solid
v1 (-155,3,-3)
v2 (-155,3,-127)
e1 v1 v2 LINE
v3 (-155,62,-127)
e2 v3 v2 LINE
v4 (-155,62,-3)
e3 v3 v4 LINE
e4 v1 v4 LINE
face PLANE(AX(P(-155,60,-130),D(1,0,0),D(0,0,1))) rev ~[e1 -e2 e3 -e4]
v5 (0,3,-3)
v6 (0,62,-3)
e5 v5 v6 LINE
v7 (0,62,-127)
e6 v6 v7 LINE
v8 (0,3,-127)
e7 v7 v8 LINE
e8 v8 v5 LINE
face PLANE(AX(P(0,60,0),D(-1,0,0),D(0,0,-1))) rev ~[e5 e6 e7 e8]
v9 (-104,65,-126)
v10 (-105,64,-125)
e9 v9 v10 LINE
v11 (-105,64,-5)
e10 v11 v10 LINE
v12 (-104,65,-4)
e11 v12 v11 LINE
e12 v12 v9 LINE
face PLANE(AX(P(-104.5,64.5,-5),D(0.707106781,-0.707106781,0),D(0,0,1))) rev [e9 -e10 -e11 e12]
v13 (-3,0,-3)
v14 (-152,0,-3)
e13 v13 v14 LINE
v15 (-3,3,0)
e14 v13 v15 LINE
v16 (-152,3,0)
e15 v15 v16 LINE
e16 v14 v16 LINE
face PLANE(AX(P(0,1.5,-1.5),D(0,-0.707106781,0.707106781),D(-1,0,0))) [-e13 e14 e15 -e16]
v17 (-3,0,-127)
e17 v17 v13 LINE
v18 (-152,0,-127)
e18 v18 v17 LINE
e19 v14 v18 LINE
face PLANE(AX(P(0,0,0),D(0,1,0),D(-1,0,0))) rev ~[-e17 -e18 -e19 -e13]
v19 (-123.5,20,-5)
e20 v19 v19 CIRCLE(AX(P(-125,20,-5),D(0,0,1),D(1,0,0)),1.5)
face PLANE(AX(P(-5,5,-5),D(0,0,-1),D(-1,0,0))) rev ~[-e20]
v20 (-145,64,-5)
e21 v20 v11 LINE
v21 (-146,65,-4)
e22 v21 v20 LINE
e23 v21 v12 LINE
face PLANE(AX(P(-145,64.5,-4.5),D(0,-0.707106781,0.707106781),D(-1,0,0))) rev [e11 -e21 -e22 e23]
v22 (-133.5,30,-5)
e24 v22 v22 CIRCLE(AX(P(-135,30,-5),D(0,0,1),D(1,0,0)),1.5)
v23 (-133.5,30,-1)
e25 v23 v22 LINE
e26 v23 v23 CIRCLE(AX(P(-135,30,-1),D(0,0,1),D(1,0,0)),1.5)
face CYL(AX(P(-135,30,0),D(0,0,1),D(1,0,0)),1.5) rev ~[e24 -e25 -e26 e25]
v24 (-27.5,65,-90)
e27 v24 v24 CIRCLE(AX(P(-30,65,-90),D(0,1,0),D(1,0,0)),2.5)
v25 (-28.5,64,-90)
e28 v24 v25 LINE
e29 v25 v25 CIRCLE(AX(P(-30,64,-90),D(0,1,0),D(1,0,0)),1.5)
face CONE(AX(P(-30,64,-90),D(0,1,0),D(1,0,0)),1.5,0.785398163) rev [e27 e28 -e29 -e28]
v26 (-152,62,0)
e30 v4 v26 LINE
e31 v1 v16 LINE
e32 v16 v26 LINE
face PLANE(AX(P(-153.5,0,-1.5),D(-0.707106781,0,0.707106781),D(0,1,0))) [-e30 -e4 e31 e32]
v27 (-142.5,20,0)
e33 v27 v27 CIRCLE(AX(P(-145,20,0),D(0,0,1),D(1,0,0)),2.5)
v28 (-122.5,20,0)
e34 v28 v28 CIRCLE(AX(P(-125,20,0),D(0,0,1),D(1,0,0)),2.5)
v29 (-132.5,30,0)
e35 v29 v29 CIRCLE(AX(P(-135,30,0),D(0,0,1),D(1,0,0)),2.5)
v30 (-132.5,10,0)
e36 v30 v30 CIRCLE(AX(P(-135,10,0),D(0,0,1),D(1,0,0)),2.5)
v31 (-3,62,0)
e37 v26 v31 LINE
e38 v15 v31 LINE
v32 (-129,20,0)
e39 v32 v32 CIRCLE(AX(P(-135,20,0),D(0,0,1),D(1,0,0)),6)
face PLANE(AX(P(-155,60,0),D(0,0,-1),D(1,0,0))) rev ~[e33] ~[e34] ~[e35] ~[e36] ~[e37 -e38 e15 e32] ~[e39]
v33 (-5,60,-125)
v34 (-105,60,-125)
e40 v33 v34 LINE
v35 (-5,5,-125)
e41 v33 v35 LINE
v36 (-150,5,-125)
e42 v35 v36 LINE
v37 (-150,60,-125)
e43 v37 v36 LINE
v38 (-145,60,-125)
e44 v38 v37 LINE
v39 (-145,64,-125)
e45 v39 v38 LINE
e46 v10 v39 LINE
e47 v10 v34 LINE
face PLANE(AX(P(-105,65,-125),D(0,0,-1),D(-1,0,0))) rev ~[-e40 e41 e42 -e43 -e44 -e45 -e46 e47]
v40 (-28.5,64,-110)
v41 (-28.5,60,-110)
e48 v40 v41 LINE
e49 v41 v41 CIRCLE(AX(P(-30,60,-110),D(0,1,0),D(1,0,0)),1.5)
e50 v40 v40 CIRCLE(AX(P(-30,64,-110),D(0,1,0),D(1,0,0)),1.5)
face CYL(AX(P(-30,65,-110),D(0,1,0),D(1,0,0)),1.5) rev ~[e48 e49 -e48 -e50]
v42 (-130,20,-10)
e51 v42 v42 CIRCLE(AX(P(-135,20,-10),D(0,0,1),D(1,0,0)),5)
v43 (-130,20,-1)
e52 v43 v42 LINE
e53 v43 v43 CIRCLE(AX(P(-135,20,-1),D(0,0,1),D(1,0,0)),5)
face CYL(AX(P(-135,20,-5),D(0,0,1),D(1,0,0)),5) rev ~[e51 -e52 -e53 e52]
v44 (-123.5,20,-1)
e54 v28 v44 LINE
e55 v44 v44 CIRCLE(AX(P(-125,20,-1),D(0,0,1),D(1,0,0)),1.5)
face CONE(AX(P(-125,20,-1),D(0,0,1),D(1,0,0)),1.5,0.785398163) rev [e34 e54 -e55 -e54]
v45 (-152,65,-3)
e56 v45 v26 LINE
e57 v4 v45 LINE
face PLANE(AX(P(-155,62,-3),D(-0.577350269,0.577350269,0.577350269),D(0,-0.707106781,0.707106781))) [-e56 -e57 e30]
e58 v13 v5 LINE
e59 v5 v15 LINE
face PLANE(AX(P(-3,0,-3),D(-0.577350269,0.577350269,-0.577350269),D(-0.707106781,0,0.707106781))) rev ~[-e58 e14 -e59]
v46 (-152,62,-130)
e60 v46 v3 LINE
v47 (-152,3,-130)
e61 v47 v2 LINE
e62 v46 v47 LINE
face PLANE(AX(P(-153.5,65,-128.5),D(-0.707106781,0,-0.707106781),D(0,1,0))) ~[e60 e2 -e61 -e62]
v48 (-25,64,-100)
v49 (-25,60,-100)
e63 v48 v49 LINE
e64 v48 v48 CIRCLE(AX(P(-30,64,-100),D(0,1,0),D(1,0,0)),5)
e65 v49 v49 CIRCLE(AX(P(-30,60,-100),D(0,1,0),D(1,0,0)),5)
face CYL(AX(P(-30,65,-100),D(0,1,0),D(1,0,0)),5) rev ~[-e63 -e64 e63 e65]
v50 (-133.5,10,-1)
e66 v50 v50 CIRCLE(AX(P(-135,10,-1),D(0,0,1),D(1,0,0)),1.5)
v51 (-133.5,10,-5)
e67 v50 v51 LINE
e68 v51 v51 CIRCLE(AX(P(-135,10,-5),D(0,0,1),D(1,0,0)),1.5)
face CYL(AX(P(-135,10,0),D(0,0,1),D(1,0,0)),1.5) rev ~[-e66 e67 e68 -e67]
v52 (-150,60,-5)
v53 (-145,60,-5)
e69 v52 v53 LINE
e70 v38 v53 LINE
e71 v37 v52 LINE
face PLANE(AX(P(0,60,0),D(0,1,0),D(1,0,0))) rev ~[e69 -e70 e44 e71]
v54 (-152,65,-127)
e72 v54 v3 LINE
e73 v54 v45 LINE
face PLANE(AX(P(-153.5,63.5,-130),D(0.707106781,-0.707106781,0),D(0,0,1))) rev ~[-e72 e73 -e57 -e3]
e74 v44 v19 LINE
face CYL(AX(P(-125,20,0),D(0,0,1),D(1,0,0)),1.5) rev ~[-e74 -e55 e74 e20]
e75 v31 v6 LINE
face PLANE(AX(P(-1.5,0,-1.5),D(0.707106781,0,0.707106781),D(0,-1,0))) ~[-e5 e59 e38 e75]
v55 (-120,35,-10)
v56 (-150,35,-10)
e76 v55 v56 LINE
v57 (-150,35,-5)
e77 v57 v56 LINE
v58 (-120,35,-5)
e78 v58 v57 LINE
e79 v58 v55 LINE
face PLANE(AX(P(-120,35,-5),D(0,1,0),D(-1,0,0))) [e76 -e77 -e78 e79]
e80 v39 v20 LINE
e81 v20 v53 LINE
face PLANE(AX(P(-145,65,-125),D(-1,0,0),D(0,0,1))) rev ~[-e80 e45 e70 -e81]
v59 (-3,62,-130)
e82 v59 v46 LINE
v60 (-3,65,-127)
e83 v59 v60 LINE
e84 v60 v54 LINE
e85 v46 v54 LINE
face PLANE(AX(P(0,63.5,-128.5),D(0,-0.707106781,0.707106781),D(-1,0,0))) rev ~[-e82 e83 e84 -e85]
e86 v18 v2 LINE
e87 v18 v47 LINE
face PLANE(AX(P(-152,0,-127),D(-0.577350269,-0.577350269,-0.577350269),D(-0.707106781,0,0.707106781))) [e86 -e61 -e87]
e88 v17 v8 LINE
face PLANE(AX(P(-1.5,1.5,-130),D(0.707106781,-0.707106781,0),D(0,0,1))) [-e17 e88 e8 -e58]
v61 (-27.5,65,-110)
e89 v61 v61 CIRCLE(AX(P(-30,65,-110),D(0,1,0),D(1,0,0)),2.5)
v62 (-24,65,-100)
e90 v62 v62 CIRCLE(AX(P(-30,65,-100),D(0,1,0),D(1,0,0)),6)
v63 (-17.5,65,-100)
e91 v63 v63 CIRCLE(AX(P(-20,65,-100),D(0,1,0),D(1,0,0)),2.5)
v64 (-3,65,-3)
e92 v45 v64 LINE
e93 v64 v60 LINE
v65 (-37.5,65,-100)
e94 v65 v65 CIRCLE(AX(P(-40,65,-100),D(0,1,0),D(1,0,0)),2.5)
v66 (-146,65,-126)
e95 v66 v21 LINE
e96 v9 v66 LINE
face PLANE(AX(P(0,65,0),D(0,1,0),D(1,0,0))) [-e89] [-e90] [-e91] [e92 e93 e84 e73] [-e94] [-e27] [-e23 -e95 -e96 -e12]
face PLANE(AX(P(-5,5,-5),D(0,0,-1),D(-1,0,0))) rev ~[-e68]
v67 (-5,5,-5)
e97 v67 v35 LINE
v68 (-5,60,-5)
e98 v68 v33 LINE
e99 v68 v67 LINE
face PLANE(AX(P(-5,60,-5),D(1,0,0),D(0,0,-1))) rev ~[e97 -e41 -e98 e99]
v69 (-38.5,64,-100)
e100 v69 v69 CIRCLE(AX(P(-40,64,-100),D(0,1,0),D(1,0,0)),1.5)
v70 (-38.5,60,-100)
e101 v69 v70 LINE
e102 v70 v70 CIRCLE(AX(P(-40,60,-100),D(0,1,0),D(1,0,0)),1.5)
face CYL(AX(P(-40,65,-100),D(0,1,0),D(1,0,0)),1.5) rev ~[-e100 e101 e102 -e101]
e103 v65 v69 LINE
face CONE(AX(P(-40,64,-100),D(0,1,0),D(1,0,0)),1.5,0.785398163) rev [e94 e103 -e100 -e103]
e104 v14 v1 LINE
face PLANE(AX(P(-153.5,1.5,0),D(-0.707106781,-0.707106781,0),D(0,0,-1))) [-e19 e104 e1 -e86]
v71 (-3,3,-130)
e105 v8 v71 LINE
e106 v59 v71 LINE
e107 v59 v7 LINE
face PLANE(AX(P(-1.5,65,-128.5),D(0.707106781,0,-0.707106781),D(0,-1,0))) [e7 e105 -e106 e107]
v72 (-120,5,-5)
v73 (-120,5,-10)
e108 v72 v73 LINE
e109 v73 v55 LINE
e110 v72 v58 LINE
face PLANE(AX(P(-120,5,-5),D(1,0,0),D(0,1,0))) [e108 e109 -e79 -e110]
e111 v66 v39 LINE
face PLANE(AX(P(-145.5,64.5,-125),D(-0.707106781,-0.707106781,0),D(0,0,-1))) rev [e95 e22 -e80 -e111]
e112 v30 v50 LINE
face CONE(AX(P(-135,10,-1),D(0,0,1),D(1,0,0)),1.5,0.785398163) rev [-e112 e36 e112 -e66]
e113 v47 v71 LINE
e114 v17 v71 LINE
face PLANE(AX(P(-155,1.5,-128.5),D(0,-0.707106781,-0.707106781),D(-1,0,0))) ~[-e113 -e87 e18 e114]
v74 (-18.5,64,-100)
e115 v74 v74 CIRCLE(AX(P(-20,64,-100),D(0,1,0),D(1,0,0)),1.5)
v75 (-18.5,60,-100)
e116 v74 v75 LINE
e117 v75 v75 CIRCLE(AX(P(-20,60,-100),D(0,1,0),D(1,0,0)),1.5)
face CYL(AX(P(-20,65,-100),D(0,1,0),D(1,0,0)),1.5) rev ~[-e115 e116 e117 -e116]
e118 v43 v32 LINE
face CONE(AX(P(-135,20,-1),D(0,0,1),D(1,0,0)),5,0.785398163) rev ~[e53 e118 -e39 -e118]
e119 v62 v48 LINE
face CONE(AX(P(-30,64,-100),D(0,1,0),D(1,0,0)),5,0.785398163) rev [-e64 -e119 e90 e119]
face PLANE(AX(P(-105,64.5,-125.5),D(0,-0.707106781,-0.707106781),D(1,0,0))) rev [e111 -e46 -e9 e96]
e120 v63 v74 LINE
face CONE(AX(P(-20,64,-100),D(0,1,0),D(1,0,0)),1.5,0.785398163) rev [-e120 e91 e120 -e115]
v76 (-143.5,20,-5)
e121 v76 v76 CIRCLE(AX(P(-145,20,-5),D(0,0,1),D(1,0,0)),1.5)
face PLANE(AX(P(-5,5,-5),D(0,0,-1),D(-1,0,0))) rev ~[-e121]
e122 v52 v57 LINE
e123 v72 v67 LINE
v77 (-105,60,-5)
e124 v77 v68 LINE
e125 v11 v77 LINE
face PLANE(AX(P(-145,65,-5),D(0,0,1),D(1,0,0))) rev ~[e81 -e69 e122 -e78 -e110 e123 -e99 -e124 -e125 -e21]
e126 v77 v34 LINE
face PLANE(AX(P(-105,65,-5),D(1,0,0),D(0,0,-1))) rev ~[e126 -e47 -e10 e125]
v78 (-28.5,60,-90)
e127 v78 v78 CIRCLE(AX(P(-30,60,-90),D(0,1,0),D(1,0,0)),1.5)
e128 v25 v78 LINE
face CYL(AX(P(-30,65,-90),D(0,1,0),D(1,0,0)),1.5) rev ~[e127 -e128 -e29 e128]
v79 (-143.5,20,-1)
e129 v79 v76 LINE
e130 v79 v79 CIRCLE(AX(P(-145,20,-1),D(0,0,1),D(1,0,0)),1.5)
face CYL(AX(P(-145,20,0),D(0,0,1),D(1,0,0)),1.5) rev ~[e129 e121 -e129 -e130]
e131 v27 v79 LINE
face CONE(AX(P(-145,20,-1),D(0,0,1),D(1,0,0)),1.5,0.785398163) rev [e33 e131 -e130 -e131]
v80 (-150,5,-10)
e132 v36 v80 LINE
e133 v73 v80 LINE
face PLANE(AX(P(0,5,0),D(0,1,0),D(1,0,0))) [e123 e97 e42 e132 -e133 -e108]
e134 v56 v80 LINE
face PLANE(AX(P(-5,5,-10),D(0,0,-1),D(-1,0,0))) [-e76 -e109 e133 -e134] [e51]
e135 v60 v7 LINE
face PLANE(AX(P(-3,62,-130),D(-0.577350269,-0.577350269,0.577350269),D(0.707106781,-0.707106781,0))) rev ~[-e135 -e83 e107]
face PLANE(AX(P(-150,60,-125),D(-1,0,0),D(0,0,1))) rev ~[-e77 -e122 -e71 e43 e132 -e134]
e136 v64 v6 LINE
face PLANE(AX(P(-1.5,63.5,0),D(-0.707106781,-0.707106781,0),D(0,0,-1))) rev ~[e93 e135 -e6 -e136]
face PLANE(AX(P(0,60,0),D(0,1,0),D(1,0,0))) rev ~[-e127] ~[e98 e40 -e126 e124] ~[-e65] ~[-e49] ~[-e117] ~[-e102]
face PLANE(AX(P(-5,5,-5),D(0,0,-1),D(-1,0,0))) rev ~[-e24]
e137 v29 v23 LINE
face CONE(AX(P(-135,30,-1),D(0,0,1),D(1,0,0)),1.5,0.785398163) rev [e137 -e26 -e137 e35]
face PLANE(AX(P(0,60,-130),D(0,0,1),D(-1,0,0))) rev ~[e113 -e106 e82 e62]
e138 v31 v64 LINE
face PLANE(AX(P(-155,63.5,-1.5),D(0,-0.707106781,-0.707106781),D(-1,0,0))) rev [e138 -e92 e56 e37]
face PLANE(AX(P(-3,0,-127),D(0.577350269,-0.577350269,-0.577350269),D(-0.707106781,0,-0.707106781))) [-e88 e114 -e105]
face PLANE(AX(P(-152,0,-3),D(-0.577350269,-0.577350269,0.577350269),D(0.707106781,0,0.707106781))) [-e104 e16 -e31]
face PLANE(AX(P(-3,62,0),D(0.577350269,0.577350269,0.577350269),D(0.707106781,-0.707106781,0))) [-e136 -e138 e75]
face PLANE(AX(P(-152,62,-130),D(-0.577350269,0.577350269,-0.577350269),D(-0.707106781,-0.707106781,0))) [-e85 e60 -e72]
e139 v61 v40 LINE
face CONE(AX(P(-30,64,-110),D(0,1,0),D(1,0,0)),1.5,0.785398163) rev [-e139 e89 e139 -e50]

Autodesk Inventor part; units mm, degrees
ref_plane "YZ Plane" through (0, 0, 0) normal (1, 0, 0) x (0, 1, 0)
ref_plane "XZ Plane" through (0, 0, 0) normal (0, 1, 0) x (-1, 0, 0)
ref_plane "XY Plane" through (0, 0, 0) normal (0, 0, 1) x (1, 0, 0)
sketch "Sketch1" plane through (0, 0, 0) normal (0, 1, 0) x (-1, 0, 0)
  line L0 (0, 0) -> (155, 0)
  line L1 (155, 0) -> (155, -130)
  line L2 (155, -130) -> (0, -130)
  line L3 (0, -130) -> (0, 0)
  dimension "d0" = 130
  dimension "d1" = 155
extrude "Extrusion1" add sketch "Sketch1" along normal blind 60
sketch "Sketch2" plane through (0, 60, 0) normal (0, 1, 0) x (1, 0, 0)
  line L0 (-150, 5) -> (-5, 5)
  line L1 (-5, 5) -> (-5, 125)
  line L2 (-5, 125) -> (-150, 125)
  line L3 (-150, 125) -> (-150, 5)
  line L4 (-155, 0) -> (0, 0) projected
  line L5 (0, 130) -> (-155, 130) projected
  line L6 (-155, 130) -> (-155, 0) projected
  line L7 (0, 0) -> (0, 130) projected
  point P0 (-77.5, 130)
  dimension "d4" = 5
  dimension "d5" = 5
  dimension "d6" = 5
  dimension "d7" = 5
extrude "Extrusion2" cut sketch "Sketch2" against normal blind 55 contours L3 L2 L1 L0
sketch "Sketch3" plane through (0, 60, 0) normal (0, 1, 0) x (1, 0, 0)
  line L0 (-155, 0) -> (0, 0) projected
  line L1 (-155, 0) -> (0, 0)
  line L2 (0, 0) -> (0, 130)
  line L3 (0, 130) -> (-155, 130)
  line L4 (-155, 130) -> (-155, 0)
extrude "Extrusion3" add sketch "Sketch3" along normal blind 5
sketch "Sketch4" plane through (0, 65, 0) normal (0, 1, 0) x (1, 0, 0)
  circle A0 centre (-30, 100) radius 5
  line L0 (0, 130) -> (-155, 130) projected
  line L1 (0, 0) -> (0, 130) projected
  dimension "d12" = 10
  dimension "d13" = 30
  dimension "d14" = 30
extrude "Extrusion4" cut sketch "Sketch4" against normal blind 5
sketch "Sketch5" plane through (-155, 0, 0) normal (0, 0, 1) x (1, 0, 0)
  circle A0 centre (20, 20) radius 5
  line L0 (0, 0) -> (155, 0) projected
  line L1 (0, 0) -> (0, 65) projected
  dimension "d17" = 20
  dimension "d18" = 20
  dimension "d19" = 10
extrude "Extrusion5" cut sketch "Sketch5" against normal blind 20
sketch "Sketch6" plane through (0, 65, 0) normal (0, 1, 0) x (1, 0, 0)
  line L0 (-145, 5) -> (-105, 5)
  line L1 (-105, 5) -> (-105, 125)
  line L2 (-105, 125) -> (-145, 125)
  line L3 (-145, 125) -> (-145, 5)
  line L4 (-155, 130) -> (-155, 0) projected
  line L5 (0, 130) -> (-155, 130) projected
  line L6 (-155, 0) -> (0, 0) projected
  point P0 (-125, 5)
  dimension "d22" = 10
  dimension "d23" = 5
  dimension "d24" = 5
  dimension "d25" = 40
extrude "Extrusion6" cut sketch "Sketch6" against normal blind 5
sketch "Sketch7" plane through (-155, 0, 0) normal (0, 0, 1) x (1, 0, 0)
  circle A0 centre (20, 30) radius 1.5
  circle A1 centre (20, 20) radius 5 projected
  circle A2 centre (20, 20) radius 5
  circle A3 centre (10, 20) radius 1.5
  circle A4 centre (20, 10) radius 1.5
  circle A5 centre (30, 20) radius 1.5
  point P0 (155, 0)
  dimension "d28" = 3
  dimension "d31" = 360
  dimension "d35" = 10
extrude "Extrusion7" cut sketch "Sketch7" against normal blind 5 contours A0 | A3 | A4 | A5
sketch "Sketch8" plane through (0, 65, 0) normal (0, 1, 0) x (1, 0, 0)
  point P0 (0, 0)
sketch "Sketch9" plane through (0, 65, 0) normal (0, 1, 0) x (1, 0, 0)
  point P0 (0, 0)
sketch "Sketch10" plane through (0, 65, 0) normal (0, 1, 0) x (1, 0, 0)
  point P0 (0, 0)
chamfer "Chamfer1" distance 1 angle 45 4 edges at (-126.5, 20, 0) (-136.5, 30, 0) (-136.5, 10, 0) (-146.5, 20, 0)
chamfer "Chamfer3" distance 1 angle 45 4 edges at (-105, 65, -65) (-125, 65, -125) (-145, 65, -65) (-125, 65, -5)
sketch "Sketch12" plane through (-5, 5, -5) normal (0, 0, -1) x (-1, 0, 0)
  line L0 (0, 0) -> (145, 0) projected
  line L1 (145, 0) -> (115, 0)
  line L2 (115, 0) -> (115, 30)
  line L3 (115, 30) -> (145, 30)
  line L4 (145, 30) -> (145, 0)
  point P0 (-5, -5)
  point P1 (115, 0)
  dimension "d53" = 30
  dimension "d54" = 30
extrude "Extrusion9" add sketch "Sketch12" along normal blind 5
sketch "Sketch13" plane through (-155, 0, 0) normal (0, 0, 1) x (1, 0, 0)
  point P0 (155, 0)
sketch "Sketch14" plane through (-135, 20, -5) normal (0, 0, 1) x (1, 0, 0)
  circle A0 centre (0, 0) radius 5
  point P0 (135, -20)
extrude "Extrusion10" cut sketch "Sketch14" against normal blind 20
chamfer "Chamfer4" distance 1 angle 45 2 edges at (-35, 65, -100) (-140, 20, 0)
chamfer "Chamfer5" distance 3 angle 45 12 edges at (0, 65, -65) (-77.5, 65, 0) (-155, 65, -65) (-77.5, 65, -130) (0, 32.5, 0) (0, 32.5, -130) (-155, 32.5, -130) (-155, 32.5, 0) (0, 0, -65) (-77.5, 0, -130) (-155, 0, -65) (-77.5, 0, 0)
sketch "Sketch15" plane through (0, 65, 0) normal (0, 1, 0) x (1, 0, 0)
  point P0 (0, 0)
sketch "Sketch16" plane through (0, 65, 0) normal (0, 1, 0) x (1, 0, 0)
  point P0 (0, 0)
sketch "Sketch17" plane through (-152, 3, 0) normal (0, 0, 1) x (1, 0, 0)
  point P0 (152, -3)
sketch "Sketch18" plane through (-152, 3, 0) normal (0, 0, 1) x (1, 0, 0)
  point P0 (152, -3)
sketch "Sketch19" plane through (-152, 3, 0) normal (0, 0, 1) x (1, 0, 0)
  point P0 (152, -3)
sketch "Sketch20" plane through (0, 65, 0) normal (0, 1, 0) x (1, 0, 0)
  point P0 (0, 0)
sketch "Sketch21" plane through (-152, 3, 0) normal (0, 0, 1) x (1, 0, 0)
  point P0 (152, -3)
sketch "Sketch22" plane through (0, 65, 0) normal (0, 1, 0) x (1, 0, 0)
  circle A0 centre (-30, 110) radius 1.5
  circle A1 centre (-30, 100) radius 5 projected
  circle A2 centre (-40, 100) radius 1.5
  circle A3 centre (-30, 90) radius 1.5
  circle A4 centre (-20, 100) radius 1.5
  point P0 (0, 0)
  dimension "d66" = 3
  dimension "d67" = 10
  dimension "d70" = 360
sketch "Sketch23" plane through (-152, 3, 0) normal (0, 0, 1) x (1, 0, 0)
  point P0 (152, -3)
extrude "Extrusion11" cut sketch "Sketch22" against normal blind 10 contours A0 | A2 | A3 | A4
chamfer "Chamfer6" distance 1 angle 45 4 edges at (-21.5, 65, -100) (-31.5, 65, -110) (-41.5, 65, -100) (-31.5, 65, -90)
sketch "Sketch24" plane through (-152, 3, 0) normal (0, 0, 1) x (1, 0, 0)
  point P0 (152, -3)
equation "\"BendRadius\" = Thickness"
equation "\"BendReliefWidth\" = Thickness"
equation "\"BendReliefDepth\" = 0.5 * Thickness"
equation "\"CornerReliefSize\" = 4 * Thickness"
equation "\"MinimumRemnant\" = 2 * Thickness"
equation "\"TransitionRadius\" = BendRadius"
equation "\"JacobiRadiusSize\" = BendRadius"
equation "\"GapSize\" = Thickness"
equation "\"Thickness\" = 0.5"
properties part number "Water container"
